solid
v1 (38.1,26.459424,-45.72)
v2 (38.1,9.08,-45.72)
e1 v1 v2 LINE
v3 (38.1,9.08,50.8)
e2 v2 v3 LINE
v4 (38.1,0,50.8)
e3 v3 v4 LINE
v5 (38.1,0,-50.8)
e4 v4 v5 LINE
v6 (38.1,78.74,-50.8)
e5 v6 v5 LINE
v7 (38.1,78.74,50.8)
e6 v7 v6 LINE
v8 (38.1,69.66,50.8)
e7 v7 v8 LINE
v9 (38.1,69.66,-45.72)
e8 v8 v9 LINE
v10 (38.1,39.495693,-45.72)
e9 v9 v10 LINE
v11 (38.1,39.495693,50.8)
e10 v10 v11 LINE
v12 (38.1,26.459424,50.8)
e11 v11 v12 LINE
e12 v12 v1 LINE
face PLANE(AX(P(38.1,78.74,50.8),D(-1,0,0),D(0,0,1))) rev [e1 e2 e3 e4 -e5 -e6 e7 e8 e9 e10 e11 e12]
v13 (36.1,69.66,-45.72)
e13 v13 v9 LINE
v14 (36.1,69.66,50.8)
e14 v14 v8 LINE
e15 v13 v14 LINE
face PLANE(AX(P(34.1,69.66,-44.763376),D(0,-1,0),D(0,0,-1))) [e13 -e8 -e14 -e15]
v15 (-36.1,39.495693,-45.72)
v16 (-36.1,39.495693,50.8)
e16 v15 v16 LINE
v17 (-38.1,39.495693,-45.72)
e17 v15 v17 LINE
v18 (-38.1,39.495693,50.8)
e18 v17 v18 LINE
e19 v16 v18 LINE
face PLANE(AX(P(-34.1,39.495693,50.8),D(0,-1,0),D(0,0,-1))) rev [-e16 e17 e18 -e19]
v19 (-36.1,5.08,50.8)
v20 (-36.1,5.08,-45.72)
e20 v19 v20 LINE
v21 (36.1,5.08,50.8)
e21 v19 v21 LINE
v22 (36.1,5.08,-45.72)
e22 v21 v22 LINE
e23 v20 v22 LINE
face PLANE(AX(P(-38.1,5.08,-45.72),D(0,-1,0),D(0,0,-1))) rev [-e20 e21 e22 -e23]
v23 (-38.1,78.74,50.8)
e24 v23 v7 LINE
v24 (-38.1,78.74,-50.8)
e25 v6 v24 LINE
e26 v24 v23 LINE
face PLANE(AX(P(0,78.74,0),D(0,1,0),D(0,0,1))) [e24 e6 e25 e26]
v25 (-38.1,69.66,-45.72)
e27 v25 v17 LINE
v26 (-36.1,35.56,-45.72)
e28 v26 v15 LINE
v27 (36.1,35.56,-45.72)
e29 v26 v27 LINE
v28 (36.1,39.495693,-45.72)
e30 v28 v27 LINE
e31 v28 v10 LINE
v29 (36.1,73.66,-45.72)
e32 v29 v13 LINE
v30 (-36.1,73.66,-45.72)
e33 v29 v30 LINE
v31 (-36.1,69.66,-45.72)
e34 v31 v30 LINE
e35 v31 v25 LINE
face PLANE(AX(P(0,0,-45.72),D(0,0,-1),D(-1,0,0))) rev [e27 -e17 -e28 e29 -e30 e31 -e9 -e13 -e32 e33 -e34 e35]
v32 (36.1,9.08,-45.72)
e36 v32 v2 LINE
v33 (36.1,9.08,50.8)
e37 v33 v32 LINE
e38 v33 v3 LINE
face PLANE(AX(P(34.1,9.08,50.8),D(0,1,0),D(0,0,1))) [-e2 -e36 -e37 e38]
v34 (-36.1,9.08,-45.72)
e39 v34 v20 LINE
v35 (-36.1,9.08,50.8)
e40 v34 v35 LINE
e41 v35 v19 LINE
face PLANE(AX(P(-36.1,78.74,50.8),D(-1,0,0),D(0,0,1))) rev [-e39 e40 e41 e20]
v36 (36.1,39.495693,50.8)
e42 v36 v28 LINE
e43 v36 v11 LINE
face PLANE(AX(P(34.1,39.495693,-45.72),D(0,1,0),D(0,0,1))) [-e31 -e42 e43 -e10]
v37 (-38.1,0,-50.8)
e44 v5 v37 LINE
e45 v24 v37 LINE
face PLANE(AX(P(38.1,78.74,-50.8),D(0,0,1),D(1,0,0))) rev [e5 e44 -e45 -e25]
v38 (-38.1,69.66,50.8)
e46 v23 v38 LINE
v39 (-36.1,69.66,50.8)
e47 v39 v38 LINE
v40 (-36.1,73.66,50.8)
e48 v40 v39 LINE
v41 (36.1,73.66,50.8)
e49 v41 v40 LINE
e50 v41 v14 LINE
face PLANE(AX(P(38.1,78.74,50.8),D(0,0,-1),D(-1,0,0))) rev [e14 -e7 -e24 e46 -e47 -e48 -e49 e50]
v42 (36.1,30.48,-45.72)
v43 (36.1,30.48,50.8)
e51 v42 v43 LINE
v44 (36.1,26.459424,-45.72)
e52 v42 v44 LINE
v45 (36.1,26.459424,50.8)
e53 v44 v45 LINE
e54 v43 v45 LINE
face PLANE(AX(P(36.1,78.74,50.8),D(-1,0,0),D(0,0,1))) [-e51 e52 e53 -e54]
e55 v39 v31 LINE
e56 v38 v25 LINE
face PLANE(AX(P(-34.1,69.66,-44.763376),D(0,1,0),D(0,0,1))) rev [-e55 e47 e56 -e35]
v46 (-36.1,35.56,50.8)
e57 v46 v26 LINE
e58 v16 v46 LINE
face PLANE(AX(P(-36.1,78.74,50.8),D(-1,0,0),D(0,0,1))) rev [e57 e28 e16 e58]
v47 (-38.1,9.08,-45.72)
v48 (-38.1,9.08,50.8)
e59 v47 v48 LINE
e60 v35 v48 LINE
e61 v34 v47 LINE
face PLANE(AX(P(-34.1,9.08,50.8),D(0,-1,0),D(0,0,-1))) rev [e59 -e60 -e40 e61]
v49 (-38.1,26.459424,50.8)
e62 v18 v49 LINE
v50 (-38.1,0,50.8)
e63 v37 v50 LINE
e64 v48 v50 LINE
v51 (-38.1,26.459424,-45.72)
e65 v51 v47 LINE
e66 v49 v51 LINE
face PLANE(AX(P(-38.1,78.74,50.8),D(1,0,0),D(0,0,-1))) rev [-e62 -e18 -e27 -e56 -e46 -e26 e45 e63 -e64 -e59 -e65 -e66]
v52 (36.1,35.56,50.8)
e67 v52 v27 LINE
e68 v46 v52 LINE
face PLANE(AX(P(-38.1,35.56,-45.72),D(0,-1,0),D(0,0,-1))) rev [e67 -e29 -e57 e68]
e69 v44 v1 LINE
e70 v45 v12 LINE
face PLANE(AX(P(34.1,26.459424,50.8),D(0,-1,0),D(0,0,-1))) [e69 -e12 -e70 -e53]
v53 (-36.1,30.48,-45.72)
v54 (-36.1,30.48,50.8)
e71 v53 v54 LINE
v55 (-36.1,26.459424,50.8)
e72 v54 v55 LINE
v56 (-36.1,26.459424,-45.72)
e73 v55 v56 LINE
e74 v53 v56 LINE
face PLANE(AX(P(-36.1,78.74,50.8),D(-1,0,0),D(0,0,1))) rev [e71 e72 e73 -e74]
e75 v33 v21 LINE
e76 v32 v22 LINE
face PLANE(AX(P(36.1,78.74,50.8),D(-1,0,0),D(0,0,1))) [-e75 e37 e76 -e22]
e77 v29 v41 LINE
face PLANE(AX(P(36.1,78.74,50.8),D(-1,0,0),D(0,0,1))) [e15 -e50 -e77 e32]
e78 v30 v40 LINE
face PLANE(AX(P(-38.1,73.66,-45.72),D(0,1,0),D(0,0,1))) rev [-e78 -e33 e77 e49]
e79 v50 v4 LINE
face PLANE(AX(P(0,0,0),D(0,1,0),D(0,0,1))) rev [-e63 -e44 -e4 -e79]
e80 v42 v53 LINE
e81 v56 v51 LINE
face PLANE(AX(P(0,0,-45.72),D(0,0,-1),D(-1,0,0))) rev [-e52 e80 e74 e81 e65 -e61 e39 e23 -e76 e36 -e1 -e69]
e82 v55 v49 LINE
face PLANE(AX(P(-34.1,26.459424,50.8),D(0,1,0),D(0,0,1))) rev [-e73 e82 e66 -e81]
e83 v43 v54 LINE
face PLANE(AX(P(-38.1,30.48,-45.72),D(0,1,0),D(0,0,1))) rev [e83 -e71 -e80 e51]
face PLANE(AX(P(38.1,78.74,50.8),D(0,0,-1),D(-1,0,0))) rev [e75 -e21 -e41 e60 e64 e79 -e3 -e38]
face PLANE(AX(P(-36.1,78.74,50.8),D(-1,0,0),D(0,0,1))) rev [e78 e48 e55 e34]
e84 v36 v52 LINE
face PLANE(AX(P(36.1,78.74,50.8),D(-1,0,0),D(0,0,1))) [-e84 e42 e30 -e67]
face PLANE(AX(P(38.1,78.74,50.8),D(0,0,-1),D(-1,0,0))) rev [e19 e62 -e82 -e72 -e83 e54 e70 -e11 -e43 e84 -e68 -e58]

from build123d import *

# Parameters (mm, degrees)
CROQUIS1_W              = 76.2
CROQUIS1_H              = 101.6
SALIENTE_EXTRUIR1_DEPTH = 78.74
CROQUIS2_W              = 76.2
CROQUIS2_H              = 25.4
CORTAR_EXTRUIR1_DEPTH   = 96.52
CROQUIS3_W              = 76.2
CROQUIS3_H              = 38.1
CORTAR_EXTRUIR2_DEPTH   = 96.52
CROQUIS4_W              = 2
CROQUIS4_H              = 96.52
SALIENTE_EXTRUIR3_DEPTH = 73.66
CROQUIS6_W              = 96.52
CROQUIS6_H              = 17.379424015
CORTAR_EXTRUIR4_DEPTH   = 4
CORTAR_EXTRUIR5_DEPTH   = 4


with BuildPart() as part:
    # Croquis1 → Saliente-Extruir1 (new body)
    with BuildSketch(Plane(origin=(0, 0, 0), x_dir=(1, 0, 0), z_dir=(0, 1, 0))):
        Rectangle(CROQUIS1_W, CROQUIS1_H)
    extrude(amount=SALIENTE_EXTRUIR1_DEPTH)

    # Croquis2 → Cortar-Extruir1 (cut)
    with BuildSketch(Plane.XY.offset(50.8)):
        with Locations((0, 17.78)):
            Rectangle(CROQUIS2_W, CROQUIS2_H)
    extrude(amount=-CORTAR_EXTRUIR1_DEPTH, mode=Mode.SUBTRACT)

    # Croquis3 → Cortar-Extruir2 (cut)
    with BuildSketch(Plane.XY.offset(50.8)):
        with Locations((0, 54.61)):
            Rectangle(CROQUIS3_W, CROQUIS3_H)
    extrude(amount=-CORTAR_EXTRUIR2_DEPTH, mode=Mode.SUBTRACT)

    # Croquis4 → Saliente-Extruir3 (add, through all)
    with BuildSketch(Plane(origin=(0, 5.08, 0), x_dir=(1, 0, 0), z_dir=(0, 1, 0))):
        with Locations((-37.1, -2.54)):
            Rectangle(CROQUIS4_W, CROQUIS4_H)
    saliente_extruir3 = extrude(amount=SALIENTE_EXTRUIR3_DEPTH)

    # Croquis6 → Cortar-Extruir4 (cut)
    with BuildSketch(Plane.ZY.offset(38.1)):
        with Locations((2.54, 17.769712008)):
            Rectangle(CROQUIS6_W, CROQUIS6_H)
    cortar_extruir4 = extrude(amount=-CORTAR_EXTRUIR4_DEPTH, mode=Mode.SUBTRACT)

    # Croquis7 → Cortar-Extruir5 (cut)
    with BuildSketch(Plane.ZY.offset(38.1)):
        Polygon((50.8, 39.4956929), (-44.763376085, 39.4956929), (-45.72, 39.4956929), (-45.72, 69.66), (-44.763376085, 69.66), (50.8, 69.66), align=None)
    cortar_extruir5 = extrude(amount=-CORTAR_EXTRUIR5_DEPTH, mode=Mode.SUBTRACT)

    # Simetría1: Saliente-Extruir3, Cortar-Extruir4, Cortar-Extruir5 across plane
    add(saliente_extruir3.mirror(Plane(origin=(0, 0, 0), x_dir=(0, 0, 1), z_dir=(1, 0, 0))))
    add(cortar_extruir4.mirror(Plane(origin=(0, 0, 0), x_dir=(0, 0, 1), z_dir=(1, 0, 0))), mode=Mode.SUBTRACT)
    add(cortar_extruir5.mirror(Plane(origin=(0, 0, 0), x_dir=(0, 0, 1), z_dir=(1, 0, 0))), mode=Mode.SUBTRACT)


solid = part.part
